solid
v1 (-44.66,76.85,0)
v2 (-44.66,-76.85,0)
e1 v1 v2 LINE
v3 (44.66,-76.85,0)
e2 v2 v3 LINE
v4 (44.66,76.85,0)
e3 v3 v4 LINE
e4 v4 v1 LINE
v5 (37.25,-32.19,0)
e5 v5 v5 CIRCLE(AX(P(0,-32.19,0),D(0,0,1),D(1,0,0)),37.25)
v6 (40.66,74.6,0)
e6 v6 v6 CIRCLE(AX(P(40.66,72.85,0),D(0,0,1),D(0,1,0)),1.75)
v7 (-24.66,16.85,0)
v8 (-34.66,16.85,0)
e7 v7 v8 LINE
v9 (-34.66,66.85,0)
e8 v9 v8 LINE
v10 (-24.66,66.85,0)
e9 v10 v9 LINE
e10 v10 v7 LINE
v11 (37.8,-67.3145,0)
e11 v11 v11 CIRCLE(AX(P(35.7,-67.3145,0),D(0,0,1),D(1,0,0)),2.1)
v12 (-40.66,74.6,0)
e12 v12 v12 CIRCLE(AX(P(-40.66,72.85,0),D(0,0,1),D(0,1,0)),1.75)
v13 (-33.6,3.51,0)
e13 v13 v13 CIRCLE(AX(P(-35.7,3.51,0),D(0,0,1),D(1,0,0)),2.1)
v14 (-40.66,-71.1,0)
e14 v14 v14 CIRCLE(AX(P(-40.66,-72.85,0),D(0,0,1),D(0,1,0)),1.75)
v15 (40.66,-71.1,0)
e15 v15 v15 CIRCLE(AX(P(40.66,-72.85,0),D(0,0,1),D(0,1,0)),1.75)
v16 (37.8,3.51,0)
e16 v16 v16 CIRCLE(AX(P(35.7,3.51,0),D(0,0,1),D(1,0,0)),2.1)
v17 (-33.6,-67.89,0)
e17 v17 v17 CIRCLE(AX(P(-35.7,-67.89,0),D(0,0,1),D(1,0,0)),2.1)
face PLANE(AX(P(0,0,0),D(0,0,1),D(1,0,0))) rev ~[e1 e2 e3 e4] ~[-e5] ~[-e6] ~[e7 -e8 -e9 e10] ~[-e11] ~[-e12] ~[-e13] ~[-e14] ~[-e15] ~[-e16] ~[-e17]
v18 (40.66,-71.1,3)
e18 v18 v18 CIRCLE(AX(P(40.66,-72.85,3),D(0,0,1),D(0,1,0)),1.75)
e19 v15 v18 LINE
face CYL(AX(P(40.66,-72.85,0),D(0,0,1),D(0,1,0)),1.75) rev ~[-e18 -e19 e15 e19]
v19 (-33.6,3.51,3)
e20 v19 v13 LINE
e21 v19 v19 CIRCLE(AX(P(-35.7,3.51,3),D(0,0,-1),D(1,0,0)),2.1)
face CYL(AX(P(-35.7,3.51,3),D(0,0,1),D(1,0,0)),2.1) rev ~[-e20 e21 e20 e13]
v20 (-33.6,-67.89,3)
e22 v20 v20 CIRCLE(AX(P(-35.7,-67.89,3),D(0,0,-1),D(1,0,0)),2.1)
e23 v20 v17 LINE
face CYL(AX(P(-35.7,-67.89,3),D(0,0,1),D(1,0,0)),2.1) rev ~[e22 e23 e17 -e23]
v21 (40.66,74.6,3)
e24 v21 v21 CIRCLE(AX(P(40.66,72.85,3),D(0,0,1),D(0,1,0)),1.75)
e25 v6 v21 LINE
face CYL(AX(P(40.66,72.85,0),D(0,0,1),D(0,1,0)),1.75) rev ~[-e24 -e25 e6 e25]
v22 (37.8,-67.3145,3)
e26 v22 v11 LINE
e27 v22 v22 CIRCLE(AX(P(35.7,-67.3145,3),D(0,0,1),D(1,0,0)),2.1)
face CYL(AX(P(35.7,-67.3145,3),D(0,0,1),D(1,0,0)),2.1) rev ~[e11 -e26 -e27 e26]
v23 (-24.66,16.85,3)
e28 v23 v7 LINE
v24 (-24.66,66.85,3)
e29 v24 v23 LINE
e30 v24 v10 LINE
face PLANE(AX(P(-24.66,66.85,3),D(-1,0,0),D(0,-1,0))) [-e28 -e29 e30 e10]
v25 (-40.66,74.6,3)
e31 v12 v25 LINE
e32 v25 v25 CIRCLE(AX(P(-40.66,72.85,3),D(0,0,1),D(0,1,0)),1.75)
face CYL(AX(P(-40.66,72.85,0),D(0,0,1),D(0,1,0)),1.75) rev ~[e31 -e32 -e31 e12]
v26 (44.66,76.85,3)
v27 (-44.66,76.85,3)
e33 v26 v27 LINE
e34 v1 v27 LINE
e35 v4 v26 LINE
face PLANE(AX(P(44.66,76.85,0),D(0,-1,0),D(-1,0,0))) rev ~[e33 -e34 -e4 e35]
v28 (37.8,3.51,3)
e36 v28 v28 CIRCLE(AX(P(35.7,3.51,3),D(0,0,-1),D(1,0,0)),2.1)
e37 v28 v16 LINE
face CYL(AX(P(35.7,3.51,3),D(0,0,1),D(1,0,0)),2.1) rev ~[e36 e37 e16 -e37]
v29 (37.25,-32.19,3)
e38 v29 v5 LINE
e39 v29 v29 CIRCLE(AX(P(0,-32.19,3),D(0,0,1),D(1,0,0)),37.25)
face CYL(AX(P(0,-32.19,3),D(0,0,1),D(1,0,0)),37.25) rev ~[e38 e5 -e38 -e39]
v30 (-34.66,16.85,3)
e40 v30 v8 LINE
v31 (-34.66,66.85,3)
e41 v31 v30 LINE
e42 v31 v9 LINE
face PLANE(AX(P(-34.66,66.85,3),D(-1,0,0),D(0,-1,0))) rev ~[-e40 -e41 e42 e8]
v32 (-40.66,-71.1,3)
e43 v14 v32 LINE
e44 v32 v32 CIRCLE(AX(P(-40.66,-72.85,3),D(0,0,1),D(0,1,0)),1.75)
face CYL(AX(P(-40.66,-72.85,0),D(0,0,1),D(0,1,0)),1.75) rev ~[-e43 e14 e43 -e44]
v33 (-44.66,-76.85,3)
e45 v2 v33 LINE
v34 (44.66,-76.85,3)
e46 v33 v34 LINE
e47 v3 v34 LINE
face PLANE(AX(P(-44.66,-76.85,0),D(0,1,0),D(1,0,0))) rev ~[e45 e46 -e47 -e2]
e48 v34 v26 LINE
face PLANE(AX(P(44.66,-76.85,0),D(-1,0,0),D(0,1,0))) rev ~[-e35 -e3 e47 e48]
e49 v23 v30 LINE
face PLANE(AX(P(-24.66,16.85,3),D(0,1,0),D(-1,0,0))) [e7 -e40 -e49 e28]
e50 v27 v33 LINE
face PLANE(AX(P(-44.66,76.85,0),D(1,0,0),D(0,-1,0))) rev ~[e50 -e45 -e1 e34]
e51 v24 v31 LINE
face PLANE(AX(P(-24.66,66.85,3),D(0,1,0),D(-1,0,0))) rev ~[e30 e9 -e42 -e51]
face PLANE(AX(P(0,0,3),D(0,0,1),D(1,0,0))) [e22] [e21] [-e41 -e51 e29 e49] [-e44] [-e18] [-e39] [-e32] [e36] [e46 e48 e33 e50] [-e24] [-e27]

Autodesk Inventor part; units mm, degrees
ref_plane "YZ Plane" through (0, 0, 0) normal (1, 0, 0) x (0, 1, 0)
ref_plane "XZ Plane" through (0, 0, 0) normal (0, 1, 0) x (-1, 0, 0)
ref_plane "XY Plane" through (0, 0, 0) normal (0, 0, 1) x (1, 0, 0)
sketch "Boceto1" plane through (0, 0, 0) normal (0, 0, 1) x (1, 0, 0)
  line L0 (-44.66, 76.85) -> (-44.66, -76.85) projected
  line L1 (-44.66, -76.85) -> (44.66, -76.85) projected
  line L2 (44.66, -76.85) -> (44.66, 76.85) projected
  line L3 (44.66, 76.85) -> (-44.66, 76.85) projected
  line L4 (41.66, -73.85) -> (-41.66, -73.85) projected
  line L5 (-41.66, -73.85) -> (-41.66, 73.85) projected
  line L6 (-41.66, 73.85) -> (41.66, 73.85) projected
  line L7 (41.66, 73.85) -> (41.66, -73.85) projected
  point P0 (0, 0)
extrude "Extrusión1" add sketch "Boceto1" along normal blind 3 contours L3 L2 L1 L0 | L4 L5 L6 L7
sketch "Boceto2" plane through (0, 0, 3) normal (0, 0, 1) x (1, 0, 0)
  line L0 (15.66, 13.175) -> (25.66, 13.175) projected
  line L1 (25.66, 13.175) -> (25.66, 9.175) projected
  line L2 (25.66, 9.175) -> (15.66, 9.175) projected
  line L3 (15.66, 9.175) -> (15.66, 13.175) projected
  line L4 (-21.66, 30.85) -> (-31.66, 30.85) projected
  line L5 (-31.66, 30.85) -> (-31.66, 34.85) projected
  line L6 (-31.66, 34.85) -> (-21.66, 34.85) projected
  line L7 (-21.66, 34.85) -> (-21.66, 30.85) projected
  line L8 (25.66, 30.85) -> (15.66, 30.85) projected
  line L9 (15.66, 30.85) -> (15.66, 34.85) projected
  line L10 (15.66, 34.85) -> (25.66, 34.85) projected
  line L11 (25.66, 34.85) -> (25.66, 30.85) projected
  line L12 (-31.66, 13.175) -> (-21.66, 13.175) projected
  line L13 (-21.66, 13.175) -> (-21.66, 9.175) projected
  line L14 (-21.66, 9.175) -> (-31.66, 9.175) projected
  line L15 (-31.66, 9.175) -> (-31.66, 13.175) projected
  circle A0 centre (32.34, 65.85) radius 4.5 projected
  circle A1 centre (-33.66, 39.85) radius 4.5 projected
  line L16 (38.16, -57.55) -> (38.16, -73.85) projected
  line L17 (38.16, -73.85) -> (41.66, -73.85) projected
  line L18 (41.66, -73.85) -> (41.66, 73.85) projected
  line L19 (41.66, 73.85) -> (-41.66, 73.85) projected
  line L20 (-41.66, 73.85) -> (-41.66, -73.85) projected
  line L21 (-41.66, -73.85) -> (23.76, -73.85) projected
  circle A2 centre (32.34, 39.85) radius 4.5 projected
  circle A3 centre (-33.66, 65.85) radius 4.5 projected
  line L22 (-44.66, 76.85) -> (-44.66, -76.85) projected
  line L23 (-44.66, 76.85) -> (-44.66, -76.85) projected
  line L24 (-44.66, -76.85) -> (44.66, -76.85) projected
  line L25 (44.66, -76.85) -> (44.66, 76.85) projected
  line L26 (44.66, 76.85) -> (-44.66, 76.85) projected
  line L27 (-44.66, 76.85) -> (-44.66, -76.85) projected
  line L28 (-41.66, -73.85) -> (41.66, -73.85)
  line L29 (41.66, -73.85) -> (41.66, 73.85)
  line L30 (41.66, 73.85) -> (-41.66, 73.85)
  line L31 (-41.66, 73.85) -> (-41.66, -73.85)
  line L32 (-41.66, -73.85) -> (41.66, -73.85)
  line L33 (41.66, -73.85) -> (41.66, 9.47)
  line L34 (41.66, 9.47) -> (-41.66, 9.47)
  line L35 (-41.66, 9.47) -> (-41.66, -73.85)
  line L36 (40, 7.81) -> (-40, 7.81)
  line L37 (-40, 7.81) -> (-40, -72.19)
  line L38 (-40, -72.19) -> (40, -72.19)
  line L39 (40, -72.19) -> (40, 7.81)
  line L40 (40, 7.81) -> (-40, -72.19) construction
  line L41 (-40, 7.81) -> (40, -72.19) construction
  line L42 (-37.8, -69.99) -> (-37.8, 5.61)
  line L43 (-37.8, 5.61) -> (37.8, 5.61)
  line L44 (37.8, 5.61) -> (37.8, -69.99)
  line L45 (37.8, -69.99) -> (-37.8, -69.99)
  circle A4 centre (-35.7, -67.89) radius 2.1
  circle A5 centre (0, -32.19) radius 37.25
  circle A6 centre (-35.7, 3.51) radius 2.1
  circle A7 centre (35.7, 3.51) radius 2.1
  circle A8 centre (35.7, -67.3145) radius 2.1
  point P0 (0, 0)
  dimension "d9" = 83.32
  dimension "d10" = 83.32
  dimension "d11" = 83.32
  dimension "d12" = 80
  dimension "d13" = 80
  dimension "d14" = 2.2
  dimension "d15" = 4.2
  dimension "d16" = 74.5
  dimension "d17" = 4.2
  dimension "d18" = 4.2
  dimension "d19" = 4.2
extrude "Extrusión3" cut sketch "Boceto2" against normal blind 3 contours A8 | A4 | A6 | A7 | A5
sketch "Boceto4" plane through (0, 0, 3) normal (0, 0, 1) x (1, 0, 0)
  circle A0 centre (35.7, 3.51) radius 2.1 projected
  circle A1 centre (35.7, -67.3145) radius 2.1 projected
  circle A2 centre (-35.7, 3.51) radius 2.1 projected
  circle A3 centre (-35.7, -67.89) radius 2.1 projected
  circle A4 centre (0, -32.19) radius 37.25 projected
  line L0 (-44.66, -76.85) -> (44.66, -76.85) projected
  line L1 (44.66, -76.85) -> (44.66, 76.85) projected
  line L2 (44.66, 76.85) -> (-44.66, 76.85) projected
  line L3 (-44.66, 76.85) -> (-44.66, -76.85) projected
  line L4 (-34.66, -66.85) -> (34.66, -66.85)
  line L5 (34.66, -66.85) -> (34.66, 66.85)
  line L6 (34.66, 66.85) -> (-34.66, 66.85)
  line L7 (-34.66, 66.85) -> (-34.66, -66.85)
  line L8 (-34.66, 66.85) -> (-24.66, 66.85)
  line L9 (-24.66, 66.85) -> (-24.66, 16.85)
  line L10 (-24.66, 16.85) -> (-34.66, 16.85)
  line L11 (-34.66, 16.85) -> (-34.66, 66.85)
  point P0 (0, 0)
  point P1 (-34.66, 16.85)
  dimension "d22" = 10
  dimension "d23" = 10
  dimension "d24" = 50
extrude "Extrusión4" cut sketch "Boceto4" against normal blind 10 contours L9 L10 L7 L6
sketch "Boceto5" plane through (0, 0, 0) normal (0, 0, -1) x (-1, 0, 0)
  circle A0 centre (-40.66, -72.85) radius 1.75 projected
  circle A1 centre (40.66, -72.85) radius 1.75 projected
  circle A2 centre (40.66, 72.85) radius 1.75 projected
  circle A3 centre (-40.66, 72.85) radius 1.75 projected
  point P0 (0, 0)
hole "Agujero1" at (40.66, 72.85, 0) at (-40.66, 72.85, 0) at (-40.66, -72.85, 0) at (40.66, -72.85, 0) direction (0, 0, 1) diameter 3.5 depth 7
properties part number "TapaControladora"
